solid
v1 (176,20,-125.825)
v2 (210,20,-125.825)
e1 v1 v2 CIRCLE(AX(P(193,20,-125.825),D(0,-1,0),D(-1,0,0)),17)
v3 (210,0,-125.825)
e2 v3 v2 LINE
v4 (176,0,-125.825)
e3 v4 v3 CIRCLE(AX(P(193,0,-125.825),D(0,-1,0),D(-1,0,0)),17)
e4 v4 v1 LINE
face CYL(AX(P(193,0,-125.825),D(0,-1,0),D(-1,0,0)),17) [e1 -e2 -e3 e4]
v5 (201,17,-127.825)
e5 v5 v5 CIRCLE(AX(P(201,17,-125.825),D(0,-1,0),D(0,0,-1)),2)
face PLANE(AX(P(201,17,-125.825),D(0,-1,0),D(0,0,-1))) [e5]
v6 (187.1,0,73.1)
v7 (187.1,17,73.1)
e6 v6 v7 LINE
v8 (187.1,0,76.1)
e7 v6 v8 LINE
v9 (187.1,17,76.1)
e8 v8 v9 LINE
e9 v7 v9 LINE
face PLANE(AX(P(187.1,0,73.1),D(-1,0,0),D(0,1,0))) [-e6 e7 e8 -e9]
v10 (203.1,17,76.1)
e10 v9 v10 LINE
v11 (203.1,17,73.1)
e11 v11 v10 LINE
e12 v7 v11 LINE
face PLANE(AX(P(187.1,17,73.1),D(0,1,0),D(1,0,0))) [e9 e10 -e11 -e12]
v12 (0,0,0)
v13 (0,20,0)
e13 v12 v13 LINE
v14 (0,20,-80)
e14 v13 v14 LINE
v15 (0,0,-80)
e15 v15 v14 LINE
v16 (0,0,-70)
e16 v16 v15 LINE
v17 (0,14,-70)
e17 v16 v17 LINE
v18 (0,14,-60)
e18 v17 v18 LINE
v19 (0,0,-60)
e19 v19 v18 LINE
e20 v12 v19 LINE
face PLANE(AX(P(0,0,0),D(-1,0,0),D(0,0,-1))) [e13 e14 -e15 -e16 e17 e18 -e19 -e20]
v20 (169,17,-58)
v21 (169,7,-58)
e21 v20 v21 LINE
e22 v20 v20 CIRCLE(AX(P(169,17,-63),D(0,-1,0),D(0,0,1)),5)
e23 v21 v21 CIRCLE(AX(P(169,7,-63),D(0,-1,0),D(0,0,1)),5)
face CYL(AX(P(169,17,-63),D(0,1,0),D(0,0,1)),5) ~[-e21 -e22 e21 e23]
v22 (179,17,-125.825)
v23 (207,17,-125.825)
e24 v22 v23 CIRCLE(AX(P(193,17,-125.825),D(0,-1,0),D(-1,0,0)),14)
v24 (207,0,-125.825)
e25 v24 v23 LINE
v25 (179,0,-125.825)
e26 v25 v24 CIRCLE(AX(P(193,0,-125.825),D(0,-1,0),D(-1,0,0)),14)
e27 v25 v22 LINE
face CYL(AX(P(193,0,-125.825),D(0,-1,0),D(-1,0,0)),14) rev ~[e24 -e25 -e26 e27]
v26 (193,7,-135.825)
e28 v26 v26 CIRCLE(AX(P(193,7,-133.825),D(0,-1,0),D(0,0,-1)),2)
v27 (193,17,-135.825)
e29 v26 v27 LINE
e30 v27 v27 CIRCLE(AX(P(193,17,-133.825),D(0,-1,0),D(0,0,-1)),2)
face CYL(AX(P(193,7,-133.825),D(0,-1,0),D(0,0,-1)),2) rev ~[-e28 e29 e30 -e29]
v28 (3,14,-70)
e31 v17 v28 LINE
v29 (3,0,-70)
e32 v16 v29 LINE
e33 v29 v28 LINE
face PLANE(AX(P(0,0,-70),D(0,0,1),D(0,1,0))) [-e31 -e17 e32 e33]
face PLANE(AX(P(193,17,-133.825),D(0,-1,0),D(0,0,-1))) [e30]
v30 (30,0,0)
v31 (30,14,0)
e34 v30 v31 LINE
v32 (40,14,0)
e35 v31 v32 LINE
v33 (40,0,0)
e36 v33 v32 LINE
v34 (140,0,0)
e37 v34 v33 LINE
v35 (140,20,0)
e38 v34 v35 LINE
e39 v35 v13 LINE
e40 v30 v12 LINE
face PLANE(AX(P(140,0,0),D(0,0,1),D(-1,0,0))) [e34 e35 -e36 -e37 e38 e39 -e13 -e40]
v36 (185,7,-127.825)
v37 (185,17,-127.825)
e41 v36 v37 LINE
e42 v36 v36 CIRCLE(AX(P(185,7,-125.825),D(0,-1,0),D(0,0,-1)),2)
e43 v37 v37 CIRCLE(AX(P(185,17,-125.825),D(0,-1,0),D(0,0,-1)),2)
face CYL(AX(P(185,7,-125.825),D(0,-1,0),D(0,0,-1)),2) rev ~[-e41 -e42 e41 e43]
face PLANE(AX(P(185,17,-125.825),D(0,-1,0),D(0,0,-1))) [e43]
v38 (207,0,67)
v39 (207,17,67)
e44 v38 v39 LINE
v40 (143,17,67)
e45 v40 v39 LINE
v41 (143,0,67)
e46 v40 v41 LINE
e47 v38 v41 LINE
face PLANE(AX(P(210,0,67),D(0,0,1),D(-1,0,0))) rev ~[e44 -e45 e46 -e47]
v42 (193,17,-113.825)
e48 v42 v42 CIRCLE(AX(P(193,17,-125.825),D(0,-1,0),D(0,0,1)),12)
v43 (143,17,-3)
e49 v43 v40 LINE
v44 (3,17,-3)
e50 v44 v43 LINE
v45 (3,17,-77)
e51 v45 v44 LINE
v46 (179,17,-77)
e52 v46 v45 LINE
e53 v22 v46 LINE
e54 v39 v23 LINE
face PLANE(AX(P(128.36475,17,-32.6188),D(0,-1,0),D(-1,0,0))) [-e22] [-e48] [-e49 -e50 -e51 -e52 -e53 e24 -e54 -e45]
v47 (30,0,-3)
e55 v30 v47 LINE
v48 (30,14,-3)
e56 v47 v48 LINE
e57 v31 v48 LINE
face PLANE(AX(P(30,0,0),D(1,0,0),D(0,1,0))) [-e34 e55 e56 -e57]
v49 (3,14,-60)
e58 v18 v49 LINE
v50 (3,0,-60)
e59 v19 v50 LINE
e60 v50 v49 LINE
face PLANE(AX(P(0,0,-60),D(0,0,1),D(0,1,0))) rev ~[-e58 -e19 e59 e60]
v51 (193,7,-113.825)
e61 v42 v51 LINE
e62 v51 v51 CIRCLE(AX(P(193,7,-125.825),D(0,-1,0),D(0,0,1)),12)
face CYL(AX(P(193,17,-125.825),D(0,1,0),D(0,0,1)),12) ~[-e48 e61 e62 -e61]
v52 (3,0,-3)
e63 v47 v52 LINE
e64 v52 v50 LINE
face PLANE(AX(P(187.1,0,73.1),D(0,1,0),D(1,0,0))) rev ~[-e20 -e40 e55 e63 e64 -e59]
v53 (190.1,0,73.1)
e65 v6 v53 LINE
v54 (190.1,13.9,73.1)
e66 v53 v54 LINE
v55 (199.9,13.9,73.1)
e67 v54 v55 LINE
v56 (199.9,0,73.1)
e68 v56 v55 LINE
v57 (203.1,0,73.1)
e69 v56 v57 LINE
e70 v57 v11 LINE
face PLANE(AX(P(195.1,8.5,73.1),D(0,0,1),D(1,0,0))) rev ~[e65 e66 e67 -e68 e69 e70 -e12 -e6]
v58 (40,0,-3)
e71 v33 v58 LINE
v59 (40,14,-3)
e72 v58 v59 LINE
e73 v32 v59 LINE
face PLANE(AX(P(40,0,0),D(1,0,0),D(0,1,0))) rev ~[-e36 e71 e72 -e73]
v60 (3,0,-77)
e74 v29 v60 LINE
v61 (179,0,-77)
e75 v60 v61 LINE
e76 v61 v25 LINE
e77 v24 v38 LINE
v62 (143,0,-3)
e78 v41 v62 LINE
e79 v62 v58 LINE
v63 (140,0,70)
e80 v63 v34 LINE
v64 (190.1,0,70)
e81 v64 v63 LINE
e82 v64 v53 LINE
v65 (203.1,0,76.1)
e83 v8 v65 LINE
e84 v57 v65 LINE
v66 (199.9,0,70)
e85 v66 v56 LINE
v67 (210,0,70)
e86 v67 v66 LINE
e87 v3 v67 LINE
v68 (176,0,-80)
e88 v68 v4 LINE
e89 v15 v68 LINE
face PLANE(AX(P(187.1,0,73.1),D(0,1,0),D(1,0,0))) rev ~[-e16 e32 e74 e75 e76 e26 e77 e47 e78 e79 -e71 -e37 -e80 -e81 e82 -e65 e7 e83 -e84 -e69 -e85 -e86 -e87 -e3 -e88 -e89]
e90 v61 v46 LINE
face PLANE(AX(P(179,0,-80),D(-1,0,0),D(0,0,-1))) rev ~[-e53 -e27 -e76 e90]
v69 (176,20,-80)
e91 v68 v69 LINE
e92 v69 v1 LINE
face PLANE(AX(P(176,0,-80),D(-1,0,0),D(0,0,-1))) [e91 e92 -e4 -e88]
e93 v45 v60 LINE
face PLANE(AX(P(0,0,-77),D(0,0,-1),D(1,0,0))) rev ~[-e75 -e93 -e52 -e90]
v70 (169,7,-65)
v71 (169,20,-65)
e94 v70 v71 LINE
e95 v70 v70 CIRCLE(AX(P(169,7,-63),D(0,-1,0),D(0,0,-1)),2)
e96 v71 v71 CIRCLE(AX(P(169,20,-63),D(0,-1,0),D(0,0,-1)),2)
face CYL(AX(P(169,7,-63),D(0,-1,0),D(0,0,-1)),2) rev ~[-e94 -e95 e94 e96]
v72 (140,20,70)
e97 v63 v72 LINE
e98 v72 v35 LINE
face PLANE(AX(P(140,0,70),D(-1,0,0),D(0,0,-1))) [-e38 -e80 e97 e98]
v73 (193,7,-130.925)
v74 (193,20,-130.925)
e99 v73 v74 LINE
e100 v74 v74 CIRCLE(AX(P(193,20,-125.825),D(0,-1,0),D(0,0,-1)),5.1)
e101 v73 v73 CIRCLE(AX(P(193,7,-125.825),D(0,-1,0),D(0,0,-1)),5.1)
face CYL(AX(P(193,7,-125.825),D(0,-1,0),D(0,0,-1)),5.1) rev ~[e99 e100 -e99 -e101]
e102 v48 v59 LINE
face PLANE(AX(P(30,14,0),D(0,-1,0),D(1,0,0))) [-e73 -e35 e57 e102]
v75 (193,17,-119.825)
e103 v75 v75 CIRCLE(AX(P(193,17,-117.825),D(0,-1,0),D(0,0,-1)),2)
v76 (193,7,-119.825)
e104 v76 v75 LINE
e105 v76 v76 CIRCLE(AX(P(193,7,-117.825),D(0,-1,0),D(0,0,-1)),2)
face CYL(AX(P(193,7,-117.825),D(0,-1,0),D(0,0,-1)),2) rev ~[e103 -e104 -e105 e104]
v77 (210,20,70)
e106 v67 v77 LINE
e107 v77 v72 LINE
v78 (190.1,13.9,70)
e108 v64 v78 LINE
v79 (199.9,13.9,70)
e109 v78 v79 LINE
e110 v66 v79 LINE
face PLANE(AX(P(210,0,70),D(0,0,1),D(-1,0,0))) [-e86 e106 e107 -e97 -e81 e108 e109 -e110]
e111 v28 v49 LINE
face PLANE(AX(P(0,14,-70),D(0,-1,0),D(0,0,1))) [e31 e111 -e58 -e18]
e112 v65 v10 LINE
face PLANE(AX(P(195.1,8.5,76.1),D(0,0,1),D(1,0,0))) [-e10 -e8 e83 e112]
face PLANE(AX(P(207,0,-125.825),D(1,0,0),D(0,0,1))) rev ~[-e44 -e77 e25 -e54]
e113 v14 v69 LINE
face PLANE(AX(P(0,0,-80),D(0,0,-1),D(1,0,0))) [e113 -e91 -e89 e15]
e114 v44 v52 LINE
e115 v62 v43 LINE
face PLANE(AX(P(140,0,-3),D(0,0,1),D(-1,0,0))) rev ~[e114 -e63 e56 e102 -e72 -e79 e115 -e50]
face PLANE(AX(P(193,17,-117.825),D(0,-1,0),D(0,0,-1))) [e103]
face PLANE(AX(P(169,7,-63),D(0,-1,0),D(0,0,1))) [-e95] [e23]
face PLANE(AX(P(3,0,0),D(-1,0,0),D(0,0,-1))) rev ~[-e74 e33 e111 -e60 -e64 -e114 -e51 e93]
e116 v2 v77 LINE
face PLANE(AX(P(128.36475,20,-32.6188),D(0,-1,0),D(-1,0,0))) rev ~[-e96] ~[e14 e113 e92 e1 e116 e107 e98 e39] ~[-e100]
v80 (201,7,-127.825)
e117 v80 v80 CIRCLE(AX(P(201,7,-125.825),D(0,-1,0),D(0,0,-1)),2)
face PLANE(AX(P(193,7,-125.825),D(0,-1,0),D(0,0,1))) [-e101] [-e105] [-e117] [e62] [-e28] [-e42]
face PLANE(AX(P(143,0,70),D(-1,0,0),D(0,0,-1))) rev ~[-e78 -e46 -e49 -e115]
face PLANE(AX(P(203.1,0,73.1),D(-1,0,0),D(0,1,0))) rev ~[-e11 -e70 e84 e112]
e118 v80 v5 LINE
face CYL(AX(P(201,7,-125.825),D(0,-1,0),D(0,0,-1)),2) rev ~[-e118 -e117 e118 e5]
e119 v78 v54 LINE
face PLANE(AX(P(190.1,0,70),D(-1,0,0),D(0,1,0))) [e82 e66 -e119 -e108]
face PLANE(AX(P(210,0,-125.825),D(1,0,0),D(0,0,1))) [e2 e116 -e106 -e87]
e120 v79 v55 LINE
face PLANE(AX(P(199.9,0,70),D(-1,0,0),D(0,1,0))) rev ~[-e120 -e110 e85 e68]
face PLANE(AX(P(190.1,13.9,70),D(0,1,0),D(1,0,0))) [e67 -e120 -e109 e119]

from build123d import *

# Parameters (mm, degrees)
CORNERBOSS_EXTRUDE1_DEPTH               = 20
SHELL1_T                                = -3
PADSKETCH2_R                            = 12
PADSKETCH2_R_2                          = 5
PADBOSS_EXTRUDE2_DEPTH                  = 10
STEPPERRODHOLESKETCH3_R                 = 5.1
STEPPERRODHOLESKETCH3_R_2               = 2
STEPPERRODHOLECUT_EXTRUDE1_DEPTH        = 255.298998474
THREADEDNUTMOUNTHOLESSKETCH4_R          = 2
THREADEDNUTMOUNTHOLESCUT_EXTRUDE2_DEPTH = 10
TLPEGHOLESKETCH1_W                      = 10
TLPEGHOLESKETCH1_H                      = 14
TLPEGHOLECUT_EXTRUDE1_DEPTH             = 3
BOTTOMPEGSKETCH2_W                      = 9.8
BOTTOMPEGSKETCH2_H                      = 13.9
BOTTOMPEGBOSS_EXTRUDE1_DEPTH            = 3.1
BOTTOMPEGCAPSKETCH3_W                   = 16
BOTTOMPEGCAPSKETCH3_H                   = 17
BOTTOMPEGCAPBOSS_EXTRUDE2_DEPTH         = 3
BEDCENTERHOLECUTSKETCH1_W               = 10
BEDCENTERHOLECUTSKETCH1_H               = 14
BEDCENTERHOLECUT_EXTRUDE1_DEPTH         = 3


with BuildPart() as part:
    # CornerSketch1 → CornerBoss-Extrude1 (new body)
    with BuildSketch(Plane(origin=(0, 0, 0), x_dir=(1, 0, 0), z_dir=(0, 1, 0))):
        with BuildLine():
            Line((210, -70), (140, -70))
            Line((140, -70), (140, 0))
            Line((140, 0), (0, 0))
            Line((0, 0), (0, 80))
            Line((0, 80), (176, 80))
            Line((176, 80), (176, 125.825))
            ThreePointArc((176, 125.825), (193, 142.825), (210, 125.825))
            Line((210, 125.825), (210, -70))
        make_face()
    extrude(amount=CORNERBOSS_EXTRUDE1_DEPTH)

    # Shell1
    shell1_openings = [part.faces().sort_by_distance(p)[0] for p in [
        (126.932214483, 0, -30.416556174),
    ]]
    offset(amount=SHELL1_T, openings=shell1_openings, kind=Kind.INTERSECTION)

    # PadSketch2 → PadBoss-Extrude2 (add)
    with BuildSketch(Plane.XZ.offset(-17)):
        with Locations(Location((193, -125.825, 0), (0, 0, 90))):
            Circle(PADSKETCH2_R)
        with Locations(Location((169, -63, 0), (0, 0, 90))):
            Circle(PADSKETCH2_R_2)
    extrude(amount=PADBOSS_EXTRUDE2_DEPTH)

    # StepperRodHoleSketch3 → StepperRodHoleCut-Extrude1 (cut, through all)
    with BuildSketch(Plane.XZ.offset(-7)):
        with Locations(Location((193, -125.825, 0), (0, 0, 270))):
            Circle(STEPPERRODHOLESKETCH3_R)
        with Locations(Location((169, -63, 0), (0, 0, 270))):
            Circle(STEPPERRODHOLESKETCH3_R_2)
    extrude(amount=-STEPPERRODHOLECUT_EXTRUDE1_DEPTH, mode=Mode.SUBTRACT)

    # ThreadedNutMountHolesSketch4 → ThreadedNutMountHolesCut-Extrude2 (cut)
    with BuildSketch(Plane(origin=(0, 7, 0), x_dir=(-1, 0, 0), z_dir=(0, -1, 0))):
        with Locations(Location((-193, 133.825, 0), (0, 0, 90))):
            Circle(THREADEDNUTMOUNTHOLESSKETCH4_R)
        with Locations(Location((-185, 125.825, 0), (0, 0, 90))):
            Circle(THREADEDNUTMOUNTHOLESSKETCH4_R)
        with Locations(Location((-201, 125.825, 0), (0, 0, 90))):
            Circle(THREADEDNUTMOUNTHOLESSKETCH4_R)
        with Locations(Location((-193, 117.825, 0), (0, 0, 90))):
            Circle(THREADEDNUTMOUNTHOLESSKETCH4_R)
    extrude(amount=-THREADEDNUTMOUNTHOLESCUT_EXTRUDE2_DEPTH, mode=Mode.SUBTRACT)

    # TLPegHoleSketch1 → TLPegHoleCut-Extrude1 (cut)
    with BuildSketch(Plane.ZY):
        with Locations((-65, 7)):
            Rectangle(TLPEGHOLESKETCH1_W, TLPEGHOLESKETCH1_H)
    extrude(amount=-TLPEGHOLECUT_EXTRUDE1_DEPTH, mode=Mode.SUBTRACT)

    # BottomPegSketch2 → BottomPegBoss-Extrude1 (add)
    with BuildSketch(Plane.XY.offset(70)):
        with Locations((195, 6.95)):
            Rectangle(BOTTOMPEGSKETCH2_W, BOTTOMPEGSKETCH2_H)
    extrude(amount=BOTTOMPEGBOSS_EXTRUDE1_DEPTH)

    # BottomPegCapSketch3 → BottomPegCapBoss-Extrude2 (add)
    with BuildSketch(Plane.XY.offset(73.1)):
        with Locations((195.1, 8.5)):
            Rectangle(BOTTOMPEGCAPSKETCH3_W, BOTTOMPEGCAPSKETCH3_H)
    extrude(amount=BOTTOMPEGCAPBOSS_EXTRUDE2_DEPTH)

    # BedCenterHoleCutSketch1 → BedCenterHoleCut-Extrude1 (cut)
    with BuildSketch(Plane.XY):
        with Locations((35, 7)):
            Rectangle(BEDCENTERHOLECUTSKETCH1_W, BEDCENTERHOLECUTSKETCH1_H)
    extrude(amount=-BEDCENTERHOLECUT_EXTRUDE1_DEPTH, mode=Mode.SUBTRACT)


solid = part.part
